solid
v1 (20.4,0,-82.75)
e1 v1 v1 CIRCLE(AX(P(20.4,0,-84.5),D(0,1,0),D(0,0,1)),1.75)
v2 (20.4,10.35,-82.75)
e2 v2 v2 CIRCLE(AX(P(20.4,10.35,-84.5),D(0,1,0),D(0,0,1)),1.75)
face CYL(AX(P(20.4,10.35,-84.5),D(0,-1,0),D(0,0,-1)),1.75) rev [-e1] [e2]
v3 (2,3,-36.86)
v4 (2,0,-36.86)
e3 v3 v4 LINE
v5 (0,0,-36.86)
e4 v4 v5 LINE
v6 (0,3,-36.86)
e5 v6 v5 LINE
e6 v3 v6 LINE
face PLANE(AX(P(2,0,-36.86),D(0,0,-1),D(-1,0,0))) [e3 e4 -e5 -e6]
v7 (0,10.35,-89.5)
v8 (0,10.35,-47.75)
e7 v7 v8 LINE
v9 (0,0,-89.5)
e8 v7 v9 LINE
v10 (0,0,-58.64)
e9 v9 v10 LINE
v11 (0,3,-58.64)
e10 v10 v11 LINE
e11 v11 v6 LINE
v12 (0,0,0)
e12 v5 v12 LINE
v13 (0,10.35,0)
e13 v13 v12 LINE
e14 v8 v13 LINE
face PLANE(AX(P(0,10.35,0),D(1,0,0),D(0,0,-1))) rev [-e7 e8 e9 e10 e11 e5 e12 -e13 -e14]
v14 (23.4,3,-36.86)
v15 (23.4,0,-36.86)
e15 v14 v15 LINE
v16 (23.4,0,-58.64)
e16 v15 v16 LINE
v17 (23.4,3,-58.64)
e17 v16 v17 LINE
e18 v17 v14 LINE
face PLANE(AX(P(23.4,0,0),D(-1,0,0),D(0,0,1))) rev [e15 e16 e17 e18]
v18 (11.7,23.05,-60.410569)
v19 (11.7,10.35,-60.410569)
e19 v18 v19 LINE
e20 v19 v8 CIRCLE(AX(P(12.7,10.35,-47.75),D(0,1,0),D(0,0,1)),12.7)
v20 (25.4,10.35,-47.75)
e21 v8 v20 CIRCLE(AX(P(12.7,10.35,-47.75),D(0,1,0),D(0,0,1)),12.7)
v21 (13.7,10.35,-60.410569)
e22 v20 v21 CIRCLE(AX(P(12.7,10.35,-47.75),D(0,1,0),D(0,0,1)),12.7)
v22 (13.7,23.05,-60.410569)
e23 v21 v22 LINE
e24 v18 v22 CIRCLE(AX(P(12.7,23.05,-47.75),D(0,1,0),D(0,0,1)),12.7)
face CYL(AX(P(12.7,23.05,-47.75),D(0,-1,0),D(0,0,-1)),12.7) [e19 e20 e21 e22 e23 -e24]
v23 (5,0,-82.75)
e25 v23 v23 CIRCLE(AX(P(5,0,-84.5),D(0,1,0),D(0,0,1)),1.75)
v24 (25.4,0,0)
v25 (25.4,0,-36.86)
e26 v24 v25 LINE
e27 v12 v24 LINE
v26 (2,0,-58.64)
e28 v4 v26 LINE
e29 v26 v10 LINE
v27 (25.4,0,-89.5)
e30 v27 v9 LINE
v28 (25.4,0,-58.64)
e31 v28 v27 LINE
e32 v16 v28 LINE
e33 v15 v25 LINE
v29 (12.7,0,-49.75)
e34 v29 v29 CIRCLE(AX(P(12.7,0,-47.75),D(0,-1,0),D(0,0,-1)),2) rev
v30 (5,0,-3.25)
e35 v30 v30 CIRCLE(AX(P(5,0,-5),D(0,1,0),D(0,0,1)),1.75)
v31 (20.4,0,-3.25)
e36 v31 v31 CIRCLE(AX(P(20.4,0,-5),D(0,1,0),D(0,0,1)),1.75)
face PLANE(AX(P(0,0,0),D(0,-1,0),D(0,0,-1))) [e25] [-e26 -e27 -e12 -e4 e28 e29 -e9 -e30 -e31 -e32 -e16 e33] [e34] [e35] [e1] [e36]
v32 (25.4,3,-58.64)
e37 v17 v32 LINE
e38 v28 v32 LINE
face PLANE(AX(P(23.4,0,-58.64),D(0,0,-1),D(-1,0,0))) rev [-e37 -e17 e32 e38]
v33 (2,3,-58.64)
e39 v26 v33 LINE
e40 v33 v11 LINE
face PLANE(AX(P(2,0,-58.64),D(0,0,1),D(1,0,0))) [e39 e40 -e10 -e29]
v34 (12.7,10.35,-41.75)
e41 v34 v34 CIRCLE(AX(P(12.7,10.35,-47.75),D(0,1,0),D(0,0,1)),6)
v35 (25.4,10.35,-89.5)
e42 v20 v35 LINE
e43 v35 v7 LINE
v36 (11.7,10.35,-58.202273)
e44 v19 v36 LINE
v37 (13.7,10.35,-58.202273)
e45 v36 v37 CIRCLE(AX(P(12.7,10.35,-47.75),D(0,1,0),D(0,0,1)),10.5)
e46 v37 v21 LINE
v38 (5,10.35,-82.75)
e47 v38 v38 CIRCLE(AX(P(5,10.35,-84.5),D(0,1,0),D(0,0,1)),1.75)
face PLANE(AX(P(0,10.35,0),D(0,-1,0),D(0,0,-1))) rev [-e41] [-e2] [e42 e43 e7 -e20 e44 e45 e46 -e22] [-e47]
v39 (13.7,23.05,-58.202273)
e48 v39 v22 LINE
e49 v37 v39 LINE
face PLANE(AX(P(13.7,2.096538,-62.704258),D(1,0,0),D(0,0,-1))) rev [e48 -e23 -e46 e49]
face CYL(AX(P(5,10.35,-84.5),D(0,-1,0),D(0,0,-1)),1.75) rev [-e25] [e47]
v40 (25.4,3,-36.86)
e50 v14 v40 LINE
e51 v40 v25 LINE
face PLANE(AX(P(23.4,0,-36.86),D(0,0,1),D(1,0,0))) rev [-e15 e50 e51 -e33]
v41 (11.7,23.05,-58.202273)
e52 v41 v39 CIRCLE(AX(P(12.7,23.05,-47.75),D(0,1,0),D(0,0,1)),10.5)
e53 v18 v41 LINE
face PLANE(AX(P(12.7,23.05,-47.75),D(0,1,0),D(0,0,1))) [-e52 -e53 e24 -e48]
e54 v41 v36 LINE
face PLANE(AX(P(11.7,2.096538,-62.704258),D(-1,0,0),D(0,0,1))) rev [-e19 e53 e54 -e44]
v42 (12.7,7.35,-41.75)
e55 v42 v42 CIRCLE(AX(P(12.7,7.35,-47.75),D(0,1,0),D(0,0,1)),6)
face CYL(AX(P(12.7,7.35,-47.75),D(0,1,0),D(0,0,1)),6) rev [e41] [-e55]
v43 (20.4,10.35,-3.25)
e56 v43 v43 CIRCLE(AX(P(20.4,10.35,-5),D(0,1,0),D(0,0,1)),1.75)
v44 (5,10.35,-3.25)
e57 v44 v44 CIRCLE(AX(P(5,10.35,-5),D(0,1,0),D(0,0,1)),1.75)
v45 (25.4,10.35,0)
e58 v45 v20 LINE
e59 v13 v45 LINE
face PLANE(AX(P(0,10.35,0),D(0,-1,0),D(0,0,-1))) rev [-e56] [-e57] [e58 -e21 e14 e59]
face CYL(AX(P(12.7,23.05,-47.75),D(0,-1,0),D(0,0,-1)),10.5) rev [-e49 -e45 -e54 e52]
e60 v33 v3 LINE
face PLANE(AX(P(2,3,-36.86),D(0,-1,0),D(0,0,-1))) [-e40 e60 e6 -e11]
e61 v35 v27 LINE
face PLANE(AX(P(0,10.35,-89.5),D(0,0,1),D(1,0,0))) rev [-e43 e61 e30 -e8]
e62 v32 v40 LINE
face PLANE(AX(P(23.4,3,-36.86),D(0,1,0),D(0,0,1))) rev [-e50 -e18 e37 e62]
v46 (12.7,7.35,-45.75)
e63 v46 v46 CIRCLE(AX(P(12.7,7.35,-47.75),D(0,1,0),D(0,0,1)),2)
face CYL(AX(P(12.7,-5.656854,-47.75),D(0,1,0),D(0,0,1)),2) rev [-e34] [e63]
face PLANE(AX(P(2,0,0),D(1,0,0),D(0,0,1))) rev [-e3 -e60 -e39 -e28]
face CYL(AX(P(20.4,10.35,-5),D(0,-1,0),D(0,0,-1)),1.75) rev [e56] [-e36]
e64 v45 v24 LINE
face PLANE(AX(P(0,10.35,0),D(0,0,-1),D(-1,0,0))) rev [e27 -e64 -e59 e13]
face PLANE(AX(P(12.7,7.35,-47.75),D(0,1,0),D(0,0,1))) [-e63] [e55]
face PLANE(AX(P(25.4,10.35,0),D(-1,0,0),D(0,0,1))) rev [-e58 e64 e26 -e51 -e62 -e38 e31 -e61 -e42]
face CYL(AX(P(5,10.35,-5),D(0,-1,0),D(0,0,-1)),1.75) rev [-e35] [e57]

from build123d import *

# Parameters (mm, degrees)
SKETCH1_W           = 25.4
SKETCH1_H           = 89.50000007
SKETCH1_R           = 1.75
BOSS_EXTRUDE1_DEPTH = 10.35
SKETCH2_R           = 12.7
SKETCH2_R_2         = 10.5
BOSS_EXTRUDE2_DEPTH = 12.7
SKETCH5_W           = 2
SKETCH5_H           = 8.007473722
CUT_EXTRUDE1_DEPTH  = 12.7
SKETCH6_R           = 6
CUT_EXTRUDE2_DEPTH  = 3
SKETCH7_R           = 2
CUT_EXTRUDE3_DEPTH  = 7.35
SKETCH8_W           = 21.78000007
SKETCH8_H           = 3
CUT_EXTRUDE4_DEPTH  = 2


with BuildPart() as part:
    # Sketch1 → Boss-Extrude1 (new body)
    with BuildSketch(Plane(origin=(0, 0, 0), x_dir=(1, 0, 0), z_dir=(0, 1, 0))):
        with Locations((12.7, 44.750000035)):
            Rectangle(SKETCH1_W, SKETCH1_H)
        with Locations((5, 84.50000007)):
            Circle(SKETCH1_R, mode=Mode.SUBTRACT)
        with Locations((20.4, 84.50000007)):
            Circle(SKETCH1_R, mode=Mode.SUBTRACT)
        with Locations((5, 5)):
            Circle(SKETCH1_R, mode=Mode.SUBTRACT)
        with Locations((20.4, 5)):
            Circle(SKETCH1_R, mode=Mode.SUBTRACT)
    extrude(amount=BOSS_EXTRUDE1_DEPTH)

    # Sketch2 → Boss-Extrude2 (add)
    with BuildSketch(Plane(origin=(0, 10.35, 0), x_dir=(1, 0, 0), z_dir=(0, 1, 0))):
        with Locations((12.7, 47.75000007)):
            Circle(SKETCH2_R)
        with Locations((12.7, 47.75000007)):
            Circle(SKETCH2_R_2, mode=Mode.SUBTRACT)
    extrude(amount=BOSS_EXTRUDE2_DEPTH)

    # Sketch5 → Cut-Extrude1 (cut)
    with BuildSketch(Plane(origin=(0, 23.05, 0), x_dir=(1, 0, 0), z_dir=(0, 1, 0))):
        with Locations((12.7, 58.700520661)):
            Rectangle(SKETCH5_W, SKETCH5_H)
    extrude(amount=-CUT_EXTRUDE1_DEPTH, mode=Mode.SUBTRACT)

    # Sketch6 → Cut-Extrude2 (cut)
    with BuildSketch(Plane(origin=(0, 10.35, 0), x_dir=(1, 0, 0), z_dir=(0, 1, 0))):
        with Locations((12.7, 47.75000007)):
            Circle(SKETCH6_R)
    extrude(amount=-CUT_EXTRUDE2_DEPTH, mode=Mode.SUBTRACT)

    # Sketch7 → Cut-Extrude3 (cut)
    with BuildSketch(Plane(origin=(0, 7.35, 0), x_dir=(1, 0, 0), z_dir=(0, 1, 0))):
        with Locations((12.7, 47.75000007)):
            Circle(SKETCH7_R)
    extrude(amount=-CUT_EXTRUDE3_DEPTH, mode=Mode.SUBTRACT)

    # Sketch8 → Cut-Extrude4 (cut)
    with BuildSketch(Plane(origin=(25.4, 0, 0), x_dir=(0, 0, -1), z_dir=(1, 0, 0))):
        with Locations((47.750000035, 1.5)):
            Rectangle(SKETCH8_W, SKETCH8_H)
    cut_extrude4 = extrude(amount=-CUT_EXTRUDE4_DEPTH, mode=Mode.SUBTRACT)

    # Mirror1: Cut-Extrude4 across plane
    add(cut_extrude4.mirror(Plane.ZY.offset(-12.7)), mode=Mode.SUBTRACT)


solid = part.part
